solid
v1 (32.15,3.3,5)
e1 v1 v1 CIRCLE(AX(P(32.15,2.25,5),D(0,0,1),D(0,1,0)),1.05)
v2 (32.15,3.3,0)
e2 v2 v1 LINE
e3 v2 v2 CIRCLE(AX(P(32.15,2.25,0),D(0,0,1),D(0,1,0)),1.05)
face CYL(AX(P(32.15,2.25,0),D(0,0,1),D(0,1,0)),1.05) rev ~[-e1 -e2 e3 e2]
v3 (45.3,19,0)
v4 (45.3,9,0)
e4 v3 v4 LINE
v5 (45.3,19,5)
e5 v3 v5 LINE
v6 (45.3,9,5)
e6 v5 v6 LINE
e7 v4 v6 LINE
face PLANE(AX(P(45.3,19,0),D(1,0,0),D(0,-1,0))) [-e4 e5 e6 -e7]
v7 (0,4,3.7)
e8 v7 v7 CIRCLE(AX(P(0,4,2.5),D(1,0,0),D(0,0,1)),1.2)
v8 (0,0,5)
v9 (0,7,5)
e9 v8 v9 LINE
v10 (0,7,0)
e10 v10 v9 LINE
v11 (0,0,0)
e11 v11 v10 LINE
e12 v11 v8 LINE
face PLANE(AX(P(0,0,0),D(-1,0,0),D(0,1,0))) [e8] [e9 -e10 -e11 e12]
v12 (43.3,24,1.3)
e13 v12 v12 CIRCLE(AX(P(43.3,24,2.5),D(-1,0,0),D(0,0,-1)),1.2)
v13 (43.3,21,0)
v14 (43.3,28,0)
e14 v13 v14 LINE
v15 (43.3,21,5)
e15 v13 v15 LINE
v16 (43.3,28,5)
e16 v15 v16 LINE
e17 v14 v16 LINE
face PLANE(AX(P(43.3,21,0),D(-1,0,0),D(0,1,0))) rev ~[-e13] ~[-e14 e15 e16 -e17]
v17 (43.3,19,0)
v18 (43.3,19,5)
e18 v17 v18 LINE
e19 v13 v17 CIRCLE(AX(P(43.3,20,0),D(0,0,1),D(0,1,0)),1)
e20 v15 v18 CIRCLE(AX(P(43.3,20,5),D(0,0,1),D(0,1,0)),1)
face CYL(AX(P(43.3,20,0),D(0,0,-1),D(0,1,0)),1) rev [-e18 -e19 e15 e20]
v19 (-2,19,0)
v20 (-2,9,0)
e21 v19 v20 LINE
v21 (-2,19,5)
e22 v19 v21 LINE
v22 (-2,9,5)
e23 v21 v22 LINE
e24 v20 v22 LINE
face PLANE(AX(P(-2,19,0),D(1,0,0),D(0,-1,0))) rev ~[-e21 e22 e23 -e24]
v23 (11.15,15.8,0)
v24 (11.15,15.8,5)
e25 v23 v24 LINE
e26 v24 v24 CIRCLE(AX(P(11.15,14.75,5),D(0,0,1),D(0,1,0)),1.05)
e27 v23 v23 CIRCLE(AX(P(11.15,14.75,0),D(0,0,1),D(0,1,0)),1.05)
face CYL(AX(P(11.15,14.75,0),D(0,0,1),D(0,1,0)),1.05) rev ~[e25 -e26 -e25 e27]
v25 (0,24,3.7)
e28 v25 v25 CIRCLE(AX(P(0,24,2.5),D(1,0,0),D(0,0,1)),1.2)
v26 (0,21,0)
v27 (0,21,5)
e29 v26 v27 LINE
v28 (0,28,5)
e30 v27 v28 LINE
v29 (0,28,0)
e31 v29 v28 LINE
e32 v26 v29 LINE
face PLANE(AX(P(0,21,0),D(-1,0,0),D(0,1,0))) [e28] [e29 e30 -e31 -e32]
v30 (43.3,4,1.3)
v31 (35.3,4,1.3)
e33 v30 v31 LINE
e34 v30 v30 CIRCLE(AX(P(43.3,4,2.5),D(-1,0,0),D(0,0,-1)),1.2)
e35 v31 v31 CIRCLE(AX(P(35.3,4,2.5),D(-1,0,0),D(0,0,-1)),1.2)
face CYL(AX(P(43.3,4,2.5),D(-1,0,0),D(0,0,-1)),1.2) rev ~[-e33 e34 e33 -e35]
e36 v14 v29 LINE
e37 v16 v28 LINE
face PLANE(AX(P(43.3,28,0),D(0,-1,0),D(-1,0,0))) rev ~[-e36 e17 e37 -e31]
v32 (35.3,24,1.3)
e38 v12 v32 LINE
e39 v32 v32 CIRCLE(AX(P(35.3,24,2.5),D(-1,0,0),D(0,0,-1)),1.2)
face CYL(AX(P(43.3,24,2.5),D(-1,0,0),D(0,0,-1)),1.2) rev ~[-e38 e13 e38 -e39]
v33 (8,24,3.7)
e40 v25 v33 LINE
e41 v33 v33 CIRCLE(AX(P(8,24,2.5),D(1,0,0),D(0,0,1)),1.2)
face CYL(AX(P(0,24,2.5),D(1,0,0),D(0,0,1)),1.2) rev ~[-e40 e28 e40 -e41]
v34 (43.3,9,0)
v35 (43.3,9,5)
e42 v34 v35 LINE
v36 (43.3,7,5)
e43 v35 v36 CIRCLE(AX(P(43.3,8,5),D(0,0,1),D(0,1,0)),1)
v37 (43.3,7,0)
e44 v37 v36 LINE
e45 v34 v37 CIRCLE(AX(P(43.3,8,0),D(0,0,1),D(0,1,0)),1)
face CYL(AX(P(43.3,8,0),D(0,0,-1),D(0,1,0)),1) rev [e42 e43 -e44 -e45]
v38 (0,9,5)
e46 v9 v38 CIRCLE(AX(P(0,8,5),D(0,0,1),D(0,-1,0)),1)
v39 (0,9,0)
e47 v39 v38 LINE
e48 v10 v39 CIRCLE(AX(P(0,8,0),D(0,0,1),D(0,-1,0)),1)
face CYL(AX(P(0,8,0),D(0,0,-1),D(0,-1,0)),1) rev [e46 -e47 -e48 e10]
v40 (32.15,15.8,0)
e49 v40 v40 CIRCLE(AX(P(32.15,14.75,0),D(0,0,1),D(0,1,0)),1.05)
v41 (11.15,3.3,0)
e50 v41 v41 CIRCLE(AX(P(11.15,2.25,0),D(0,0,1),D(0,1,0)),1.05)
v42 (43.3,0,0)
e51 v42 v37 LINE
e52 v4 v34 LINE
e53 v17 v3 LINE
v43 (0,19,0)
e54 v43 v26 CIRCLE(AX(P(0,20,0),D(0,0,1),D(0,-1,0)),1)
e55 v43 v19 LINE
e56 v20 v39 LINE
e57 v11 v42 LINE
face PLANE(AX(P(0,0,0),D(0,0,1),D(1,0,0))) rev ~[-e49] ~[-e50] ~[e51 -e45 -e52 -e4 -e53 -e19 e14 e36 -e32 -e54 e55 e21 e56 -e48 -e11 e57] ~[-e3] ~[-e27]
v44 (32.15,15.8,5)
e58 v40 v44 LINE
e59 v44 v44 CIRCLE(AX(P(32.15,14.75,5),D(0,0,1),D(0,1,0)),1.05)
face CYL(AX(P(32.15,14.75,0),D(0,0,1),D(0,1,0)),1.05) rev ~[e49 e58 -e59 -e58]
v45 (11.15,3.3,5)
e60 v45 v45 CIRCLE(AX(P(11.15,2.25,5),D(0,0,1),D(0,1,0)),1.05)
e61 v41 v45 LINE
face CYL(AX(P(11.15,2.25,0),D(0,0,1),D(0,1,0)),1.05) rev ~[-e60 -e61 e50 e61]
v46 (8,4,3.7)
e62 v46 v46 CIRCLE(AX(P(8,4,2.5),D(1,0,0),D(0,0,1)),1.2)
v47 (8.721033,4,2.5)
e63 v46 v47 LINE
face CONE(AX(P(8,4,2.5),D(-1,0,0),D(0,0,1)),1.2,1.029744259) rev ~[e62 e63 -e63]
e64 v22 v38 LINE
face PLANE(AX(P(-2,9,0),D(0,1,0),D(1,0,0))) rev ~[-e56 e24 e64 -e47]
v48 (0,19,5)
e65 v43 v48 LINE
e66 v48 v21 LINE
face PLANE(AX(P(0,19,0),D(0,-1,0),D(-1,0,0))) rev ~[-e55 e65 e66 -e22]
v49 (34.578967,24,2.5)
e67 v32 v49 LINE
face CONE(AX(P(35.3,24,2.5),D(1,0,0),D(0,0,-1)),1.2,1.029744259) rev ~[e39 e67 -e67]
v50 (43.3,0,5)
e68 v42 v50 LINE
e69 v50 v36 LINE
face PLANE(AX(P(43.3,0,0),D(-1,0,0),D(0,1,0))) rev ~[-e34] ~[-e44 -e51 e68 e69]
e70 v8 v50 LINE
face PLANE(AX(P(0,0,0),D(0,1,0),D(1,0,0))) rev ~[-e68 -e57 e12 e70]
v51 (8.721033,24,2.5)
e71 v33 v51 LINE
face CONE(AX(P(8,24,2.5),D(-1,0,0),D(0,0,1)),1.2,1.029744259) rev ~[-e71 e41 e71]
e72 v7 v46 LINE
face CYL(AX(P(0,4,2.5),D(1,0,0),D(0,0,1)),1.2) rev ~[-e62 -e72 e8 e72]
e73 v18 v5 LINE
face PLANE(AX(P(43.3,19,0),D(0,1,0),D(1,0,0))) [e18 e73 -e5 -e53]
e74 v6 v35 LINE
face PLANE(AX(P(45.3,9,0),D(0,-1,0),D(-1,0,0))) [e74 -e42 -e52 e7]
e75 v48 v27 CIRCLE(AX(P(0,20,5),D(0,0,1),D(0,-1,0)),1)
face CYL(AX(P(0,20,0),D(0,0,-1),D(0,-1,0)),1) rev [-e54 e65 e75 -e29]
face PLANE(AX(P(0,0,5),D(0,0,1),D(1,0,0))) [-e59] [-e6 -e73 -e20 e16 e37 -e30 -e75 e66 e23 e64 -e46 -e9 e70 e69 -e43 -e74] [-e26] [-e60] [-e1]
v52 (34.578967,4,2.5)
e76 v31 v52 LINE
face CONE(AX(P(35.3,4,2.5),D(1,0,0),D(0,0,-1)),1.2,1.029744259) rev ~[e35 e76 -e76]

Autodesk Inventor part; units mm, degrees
ref_plane "YZ Plane" through (0, 0, 0) normal (1, 0, 0) x (0, 1, 0)
ref_plane "XZ Plane" through (0, 0, 0) normal (0, 1, 0) x (-1, 0, 0)
ref_plane "XY Plane" through (0, 0, 0) normal (0, 0, 1) x (1, 0, 0)
sketch "スケッチ1" plane through (0, 0, 0) normal (0, 0, 1) x (1, 0, 0)
  line L0 (0, 0) -> (43.3, 0)
  line L1 (43.3, 28) -> (0, 28)
  line L2 (0, 14) -> (43.3, 14) construction
  line L3 (43.3, 19) -> (45.3, 19)
  line L4 (45.3, 19) -> (45.3, 9)
  line L5 (45.3, 9) -> (43.3, 9)
  arc A0 (43.3, 21) -> (43.3, 19) centre (43.3, 20) ccw
  arc A1 (43.3, 9) -> (43.3, 7) centre (43.3, 8) ccw
  line L6 (43.3, 0) -> (43.3, 7)
  line L7 (43.3, 21) -> (43.3, 28)
  line L8 (21.65, 28) -> (21.65, 0) construction
  line L9 (0, 19) -> (-2, 19)
  line L10 (-2, 19) -> (-2, 9)
  line L11 (-2, 9) -> (0, 9)
  arc A2 (0, 19) -> (0, 21) centre (0, 20) ccw
  arc A3 (0, 7) -> (0, 9) centre (0, 8) ccw
  line L12 (0, 0) -> (0, 7)
  line L13 (0, 21) -> (0, 28)
  dimension "d0" = 43.3
  dimension "d1" = 28
  dimension "d5" = 10
  dimension "d6" = 2
extrude "押し出し1" add sketch "スケッチ1" along normal blind 5
sketch "スケッチ3" plane through (43.3, 0, 0) normal (1, 0, 0) x (0, 0, -1)
  line L0 (0, 0) -> (-5, 0) projected
  line L1 (-2.5, 0) -> (-2.5, 28) construction
  line L2 (0, 28) -> (-5, 28) projected
  line L3 (-2.5, 14) -> (0, 14) construction
  line L4 (0, 9) -> (0, 19) projected
  point P0 (-2.5, 24)
  point P1 (-2.5, 4)
  dimension "d7" = 20
hole "穴1" at (43.3, 24, 2.5) at (43.3, 4, 2.5) direction (-1, 0, 0) diameter 2.4 depth 8 tip angle 118
sketch "スケッチ4" plane through (0, 21, 0) normal (-1, 0, 0) x (0, 0, 1)
  circle A0 centre (2.5, 3) radius 1.2 projected
  circle A1 centre (2.5, -17) radius 1.2 projected
  circle A2 centre (2.5, -17) radius 1.2 projected
  point P0 (0, -21)
hole "穴2" at (0, 24, 2.5) at (0, 4, 2.5) direction (1, 0, 0) diameter 2.4 depth 8 tip angle 118
sketch "スケッチ5" plane through (0, 0, 0) normal (0, 0, -1) x (-1, 0, 0)
  line L0 (0, 0) -> (-43.3, 0) projected
  line L1 (-21.65, 0) -> (-21.65, 28) construction
  line L2 (-43.3, 28) -> (0, 28) projected
  line L3 (-21.65, 8.5) -> (-45.9978, 8.5) construction
  point P0 (-32.15, 2.25)
  point P1 (-11.15, 2.25)
  point P2 (-32.15, 14.75)
  point P3 (-11.15, 14.75)
  dimension "d22" = 21
  dimension "d23" = 12.5
  dimension "d24" = 8.5
hole "穴3" at (32.15, 2.25, 0) at (11.15, 2.25, 0) at (11.15, 14.75, 0) at (32.15, 14.75, 0) direction (0, 0, 1) diameter 2.1 end through all
properties part number "頭_メインフレームセンター" material "アセタール樹脂、黒"
